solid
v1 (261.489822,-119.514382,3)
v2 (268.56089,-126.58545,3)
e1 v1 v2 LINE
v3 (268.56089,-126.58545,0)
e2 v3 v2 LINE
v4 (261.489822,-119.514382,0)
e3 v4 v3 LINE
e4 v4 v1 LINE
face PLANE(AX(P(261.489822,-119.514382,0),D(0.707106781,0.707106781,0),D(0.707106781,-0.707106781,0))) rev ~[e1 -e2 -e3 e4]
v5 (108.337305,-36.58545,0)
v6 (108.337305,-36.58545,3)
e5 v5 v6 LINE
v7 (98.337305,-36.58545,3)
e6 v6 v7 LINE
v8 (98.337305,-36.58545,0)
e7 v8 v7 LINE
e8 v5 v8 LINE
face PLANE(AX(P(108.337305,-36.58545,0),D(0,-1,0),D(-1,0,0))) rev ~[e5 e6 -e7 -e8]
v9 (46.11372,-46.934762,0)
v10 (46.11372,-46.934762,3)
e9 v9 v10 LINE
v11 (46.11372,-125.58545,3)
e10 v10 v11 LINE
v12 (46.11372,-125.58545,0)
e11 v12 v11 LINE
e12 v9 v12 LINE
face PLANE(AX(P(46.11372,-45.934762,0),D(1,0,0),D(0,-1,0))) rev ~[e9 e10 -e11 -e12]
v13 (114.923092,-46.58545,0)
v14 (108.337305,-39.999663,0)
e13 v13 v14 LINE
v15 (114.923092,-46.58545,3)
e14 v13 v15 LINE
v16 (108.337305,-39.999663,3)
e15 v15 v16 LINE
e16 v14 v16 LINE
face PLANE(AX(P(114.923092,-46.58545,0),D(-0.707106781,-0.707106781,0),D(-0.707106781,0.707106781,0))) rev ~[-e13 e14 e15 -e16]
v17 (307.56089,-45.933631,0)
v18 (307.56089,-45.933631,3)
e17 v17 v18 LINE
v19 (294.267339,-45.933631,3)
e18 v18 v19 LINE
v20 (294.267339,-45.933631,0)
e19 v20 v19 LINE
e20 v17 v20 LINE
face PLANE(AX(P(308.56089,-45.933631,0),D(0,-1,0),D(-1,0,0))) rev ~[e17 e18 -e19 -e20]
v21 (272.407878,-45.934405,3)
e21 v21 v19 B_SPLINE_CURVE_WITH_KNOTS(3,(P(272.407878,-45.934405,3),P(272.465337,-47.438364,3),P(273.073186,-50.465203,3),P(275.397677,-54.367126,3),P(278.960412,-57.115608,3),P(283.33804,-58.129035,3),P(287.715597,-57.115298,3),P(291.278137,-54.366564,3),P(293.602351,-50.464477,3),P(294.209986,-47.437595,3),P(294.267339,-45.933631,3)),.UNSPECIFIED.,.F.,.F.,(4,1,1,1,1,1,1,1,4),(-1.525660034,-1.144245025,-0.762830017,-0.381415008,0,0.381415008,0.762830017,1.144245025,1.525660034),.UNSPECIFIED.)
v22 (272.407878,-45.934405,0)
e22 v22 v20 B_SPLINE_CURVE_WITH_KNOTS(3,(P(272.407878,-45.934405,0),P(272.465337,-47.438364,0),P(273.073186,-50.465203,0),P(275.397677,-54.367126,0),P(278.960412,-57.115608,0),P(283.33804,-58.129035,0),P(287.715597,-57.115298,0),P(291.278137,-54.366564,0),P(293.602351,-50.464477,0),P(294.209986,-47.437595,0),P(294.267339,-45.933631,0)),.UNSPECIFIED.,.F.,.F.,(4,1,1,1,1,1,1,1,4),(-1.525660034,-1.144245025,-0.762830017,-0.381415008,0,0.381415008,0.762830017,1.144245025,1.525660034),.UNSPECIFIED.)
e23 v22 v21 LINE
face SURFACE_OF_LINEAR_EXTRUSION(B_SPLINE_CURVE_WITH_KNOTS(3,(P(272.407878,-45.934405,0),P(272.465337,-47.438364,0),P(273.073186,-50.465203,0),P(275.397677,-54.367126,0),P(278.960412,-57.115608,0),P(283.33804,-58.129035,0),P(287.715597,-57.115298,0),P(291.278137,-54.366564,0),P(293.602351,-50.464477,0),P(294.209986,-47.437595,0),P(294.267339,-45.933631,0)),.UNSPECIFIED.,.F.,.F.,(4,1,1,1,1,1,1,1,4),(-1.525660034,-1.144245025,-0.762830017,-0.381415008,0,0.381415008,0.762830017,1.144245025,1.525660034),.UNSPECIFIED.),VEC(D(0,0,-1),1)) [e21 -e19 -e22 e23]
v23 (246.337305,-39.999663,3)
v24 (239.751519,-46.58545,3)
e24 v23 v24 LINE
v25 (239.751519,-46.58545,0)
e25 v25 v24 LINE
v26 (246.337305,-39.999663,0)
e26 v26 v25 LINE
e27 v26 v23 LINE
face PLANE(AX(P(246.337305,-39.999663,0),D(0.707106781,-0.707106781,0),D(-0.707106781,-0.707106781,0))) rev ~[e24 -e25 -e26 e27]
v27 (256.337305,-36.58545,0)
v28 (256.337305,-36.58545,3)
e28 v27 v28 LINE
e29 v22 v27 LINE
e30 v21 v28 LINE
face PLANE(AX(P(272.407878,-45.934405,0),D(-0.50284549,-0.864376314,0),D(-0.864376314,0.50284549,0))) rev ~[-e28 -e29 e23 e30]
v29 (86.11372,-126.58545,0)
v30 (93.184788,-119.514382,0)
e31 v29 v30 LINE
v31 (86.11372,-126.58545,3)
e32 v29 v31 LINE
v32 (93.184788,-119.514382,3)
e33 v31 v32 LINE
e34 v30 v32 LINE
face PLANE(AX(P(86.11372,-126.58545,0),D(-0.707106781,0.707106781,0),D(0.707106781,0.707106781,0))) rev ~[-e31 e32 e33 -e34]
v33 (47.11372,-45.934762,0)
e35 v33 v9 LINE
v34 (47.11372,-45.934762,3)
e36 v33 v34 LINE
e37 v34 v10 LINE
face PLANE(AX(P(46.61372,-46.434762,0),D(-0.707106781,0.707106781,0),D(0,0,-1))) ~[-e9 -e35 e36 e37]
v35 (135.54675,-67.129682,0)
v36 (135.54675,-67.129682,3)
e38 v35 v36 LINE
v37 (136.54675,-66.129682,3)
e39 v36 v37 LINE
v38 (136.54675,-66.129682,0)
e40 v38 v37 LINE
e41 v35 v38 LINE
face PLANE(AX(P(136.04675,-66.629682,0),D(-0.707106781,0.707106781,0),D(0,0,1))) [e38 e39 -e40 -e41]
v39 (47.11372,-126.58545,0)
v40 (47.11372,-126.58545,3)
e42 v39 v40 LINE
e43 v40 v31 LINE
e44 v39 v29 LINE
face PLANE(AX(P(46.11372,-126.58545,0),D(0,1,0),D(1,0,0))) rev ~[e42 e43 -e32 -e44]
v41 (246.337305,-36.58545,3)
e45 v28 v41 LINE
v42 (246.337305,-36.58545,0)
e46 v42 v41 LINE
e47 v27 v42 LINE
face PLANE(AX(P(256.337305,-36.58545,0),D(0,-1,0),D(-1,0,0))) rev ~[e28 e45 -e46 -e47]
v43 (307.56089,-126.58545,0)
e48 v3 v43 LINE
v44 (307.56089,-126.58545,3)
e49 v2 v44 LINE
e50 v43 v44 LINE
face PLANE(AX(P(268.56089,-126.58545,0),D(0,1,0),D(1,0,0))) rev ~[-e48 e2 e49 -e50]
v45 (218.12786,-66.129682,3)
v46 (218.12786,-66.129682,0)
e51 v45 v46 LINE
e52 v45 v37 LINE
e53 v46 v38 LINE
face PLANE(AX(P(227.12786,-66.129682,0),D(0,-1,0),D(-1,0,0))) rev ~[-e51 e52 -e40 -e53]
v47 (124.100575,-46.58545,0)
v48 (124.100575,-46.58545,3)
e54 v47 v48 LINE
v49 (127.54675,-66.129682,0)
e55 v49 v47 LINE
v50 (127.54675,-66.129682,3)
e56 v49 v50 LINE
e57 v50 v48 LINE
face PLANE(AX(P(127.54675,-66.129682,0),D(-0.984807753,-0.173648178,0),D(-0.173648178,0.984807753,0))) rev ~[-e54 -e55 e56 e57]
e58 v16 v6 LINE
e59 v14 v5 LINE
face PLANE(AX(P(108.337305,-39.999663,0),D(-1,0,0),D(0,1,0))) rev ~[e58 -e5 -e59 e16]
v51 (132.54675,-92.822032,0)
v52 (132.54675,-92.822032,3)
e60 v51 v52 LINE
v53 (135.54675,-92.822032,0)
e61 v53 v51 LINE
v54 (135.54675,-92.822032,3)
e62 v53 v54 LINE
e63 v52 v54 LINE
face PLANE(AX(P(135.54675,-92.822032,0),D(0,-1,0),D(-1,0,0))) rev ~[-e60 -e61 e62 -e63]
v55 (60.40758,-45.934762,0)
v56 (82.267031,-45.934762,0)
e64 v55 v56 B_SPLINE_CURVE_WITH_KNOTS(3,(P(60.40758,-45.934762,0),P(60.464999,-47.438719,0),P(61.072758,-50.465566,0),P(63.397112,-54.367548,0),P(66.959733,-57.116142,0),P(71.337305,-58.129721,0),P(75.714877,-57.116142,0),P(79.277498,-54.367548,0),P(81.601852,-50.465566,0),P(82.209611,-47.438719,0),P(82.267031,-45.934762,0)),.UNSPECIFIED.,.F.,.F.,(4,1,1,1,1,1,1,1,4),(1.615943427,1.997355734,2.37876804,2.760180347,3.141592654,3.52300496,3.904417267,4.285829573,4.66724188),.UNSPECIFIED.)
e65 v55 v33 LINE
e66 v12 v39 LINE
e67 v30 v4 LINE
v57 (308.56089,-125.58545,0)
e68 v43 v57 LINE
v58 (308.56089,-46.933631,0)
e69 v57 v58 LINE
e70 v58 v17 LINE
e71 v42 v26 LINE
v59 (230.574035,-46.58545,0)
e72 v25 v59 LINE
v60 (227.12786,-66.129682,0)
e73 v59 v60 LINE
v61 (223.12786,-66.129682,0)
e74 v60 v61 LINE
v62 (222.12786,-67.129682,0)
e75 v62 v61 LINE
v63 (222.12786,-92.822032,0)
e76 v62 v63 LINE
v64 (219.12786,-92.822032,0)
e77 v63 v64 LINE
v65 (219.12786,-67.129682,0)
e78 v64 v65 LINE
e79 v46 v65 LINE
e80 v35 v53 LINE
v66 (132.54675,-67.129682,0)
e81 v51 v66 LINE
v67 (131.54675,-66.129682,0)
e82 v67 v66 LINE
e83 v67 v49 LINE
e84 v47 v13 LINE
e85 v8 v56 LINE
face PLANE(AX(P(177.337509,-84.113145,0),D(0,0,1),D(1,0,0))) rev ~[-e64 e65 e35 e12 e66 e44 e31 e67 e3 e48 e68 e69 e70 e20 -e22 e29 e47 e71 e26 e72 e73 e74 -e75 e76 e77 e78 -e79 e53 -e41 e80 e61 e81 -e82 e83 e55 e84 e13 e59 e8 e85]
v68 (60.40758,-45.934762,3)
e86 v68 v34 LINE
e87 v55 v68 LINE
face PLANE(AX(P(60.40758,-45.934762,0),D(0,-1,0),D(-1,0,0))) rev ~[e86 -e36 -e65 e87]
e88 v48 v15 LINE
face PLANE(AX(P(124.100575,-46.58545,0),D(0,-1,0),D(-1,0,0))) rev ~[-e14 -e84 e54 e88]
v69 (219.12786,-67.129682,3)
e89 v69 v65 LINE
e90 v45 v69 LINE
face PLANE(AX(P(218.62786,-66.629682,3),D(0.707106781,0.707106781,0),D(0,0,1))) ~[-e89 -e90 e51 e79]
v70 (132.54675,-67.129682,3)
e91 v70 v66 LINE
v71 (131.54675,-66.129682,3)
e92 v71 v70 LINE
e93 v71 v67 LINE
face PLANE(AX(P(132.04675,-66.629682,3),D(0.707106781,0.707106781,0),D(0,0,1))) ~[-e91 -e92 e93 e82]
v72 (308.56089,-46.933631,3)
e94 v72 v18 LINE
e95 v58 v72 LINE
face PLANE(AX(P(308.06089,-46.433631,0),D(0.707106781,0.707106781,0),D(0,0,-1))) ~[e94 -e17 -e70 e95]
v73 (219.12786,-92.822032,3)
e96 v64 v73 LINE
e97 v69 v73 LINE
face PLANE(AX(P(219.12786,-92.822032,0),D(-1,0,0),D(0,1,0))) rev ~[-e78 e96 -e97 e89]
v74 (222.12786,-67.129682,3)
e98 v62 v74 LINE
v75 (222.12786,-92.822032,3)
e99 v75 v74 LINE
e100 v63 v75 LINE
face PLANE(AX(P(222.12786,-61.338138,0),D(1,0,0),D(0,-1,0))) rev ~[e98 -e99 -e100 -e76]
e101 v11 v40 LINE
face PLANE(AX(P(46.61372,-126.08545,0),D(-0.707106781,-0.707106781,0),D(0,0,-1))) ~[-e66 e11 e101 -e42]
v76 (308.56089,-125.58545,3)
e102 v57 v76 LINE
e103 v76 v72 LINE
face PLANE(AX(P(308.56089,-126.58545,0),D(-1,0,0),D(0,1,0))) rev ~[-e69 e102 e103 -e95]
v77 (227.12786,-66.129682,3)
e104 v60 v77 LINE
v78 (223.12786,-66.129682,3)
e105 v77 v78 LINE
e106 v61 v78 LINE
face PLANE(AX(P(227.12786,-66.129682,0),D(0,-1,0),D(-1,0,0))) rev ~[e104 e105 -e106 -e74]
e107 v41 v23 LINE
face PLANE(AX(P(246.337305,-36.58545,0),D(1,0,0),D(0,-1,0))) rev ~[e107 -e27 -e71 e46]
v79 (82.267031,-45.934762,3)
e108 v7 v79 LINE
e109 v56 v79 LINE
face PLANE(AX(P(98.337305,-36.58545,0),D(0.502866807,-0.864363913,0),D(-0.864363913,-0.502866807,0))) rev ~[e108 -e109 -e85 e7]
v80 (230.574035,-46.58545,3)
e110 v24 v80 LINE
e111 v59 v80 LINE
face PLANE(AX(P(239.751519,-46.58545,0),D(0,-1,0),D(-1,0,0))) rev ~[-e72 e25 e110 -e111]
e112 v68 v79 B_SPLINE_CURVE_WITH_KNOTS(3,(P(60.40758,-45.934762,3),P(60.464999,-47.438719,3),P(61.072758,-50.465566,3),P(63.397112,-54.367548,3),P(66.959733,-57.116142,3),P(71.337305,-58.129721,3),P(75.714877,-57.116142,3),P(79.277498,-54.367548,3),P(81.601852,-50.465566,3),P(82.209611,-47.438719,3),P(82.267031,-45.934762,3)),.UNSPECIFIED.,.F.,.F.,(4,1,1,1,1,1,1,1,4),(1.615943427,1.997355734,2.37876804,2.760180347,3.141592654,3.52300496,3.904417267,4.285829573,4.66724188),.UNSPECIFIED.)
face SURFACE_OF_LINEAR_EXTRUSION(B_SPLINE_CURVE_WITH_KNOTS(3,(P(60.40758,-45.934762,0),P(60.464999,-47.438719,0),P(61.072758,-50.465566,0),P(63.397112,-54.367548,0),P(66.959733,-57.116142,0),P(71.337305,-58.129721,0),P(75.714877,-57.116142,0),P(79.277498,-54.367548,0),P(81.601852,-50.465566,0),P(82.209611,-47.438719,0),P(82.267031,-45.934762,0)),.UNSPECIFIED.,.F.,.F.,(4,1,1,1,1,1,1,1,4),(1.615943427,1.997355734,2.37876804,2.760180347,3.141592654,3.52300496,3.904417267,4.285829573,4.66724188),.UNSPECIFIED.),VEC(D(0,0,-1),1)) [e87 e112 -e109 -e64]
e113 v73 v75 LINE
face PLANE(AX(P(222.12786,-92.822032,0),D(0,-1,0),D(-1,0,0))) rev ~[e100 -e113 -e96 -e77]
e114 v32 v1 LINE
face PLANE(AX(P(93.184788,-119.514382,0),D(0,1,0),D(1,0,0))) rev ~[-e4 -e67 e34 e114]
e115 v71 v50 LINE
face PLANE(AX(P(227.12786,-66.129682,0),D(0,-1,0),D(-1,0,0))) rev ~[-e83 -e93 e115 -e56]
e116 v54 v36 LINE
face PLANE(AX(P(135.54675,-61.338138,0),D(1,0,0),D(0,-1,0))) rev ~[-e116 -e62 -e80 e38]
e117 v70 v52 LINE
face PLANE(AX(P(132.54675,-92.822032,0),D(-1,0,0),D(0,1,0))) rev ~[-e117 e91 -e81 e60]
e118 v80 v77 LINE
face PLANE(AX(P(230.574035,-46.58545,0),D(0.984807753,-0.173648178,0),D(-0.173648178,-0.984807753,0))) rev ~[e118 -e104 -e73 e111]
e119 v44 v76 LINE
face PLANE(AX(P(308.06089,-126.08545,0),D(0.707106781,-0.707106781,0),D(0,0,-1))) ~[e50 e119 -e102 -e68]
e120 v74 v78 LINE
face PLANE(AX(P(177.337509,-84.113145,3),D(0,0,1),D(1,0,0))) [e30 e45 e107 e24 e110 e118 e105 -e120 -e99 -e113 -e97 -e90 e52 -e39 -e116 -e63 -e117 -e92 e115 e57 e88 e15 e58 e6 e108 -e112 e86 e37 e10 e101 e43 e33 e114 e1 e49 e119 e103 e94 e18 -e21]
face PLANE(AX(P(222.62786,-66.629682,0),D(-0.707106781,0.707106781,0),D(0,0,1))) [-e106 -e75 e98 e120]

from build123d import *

# Parameters (mm, degrees)
BOSS_EXTRUDE1_DEPTH = 3
SKETCH2_W           = 3
SKETCH2_H           = 4.791544689
CUT_EXTRUDE1_DEPTH  = 15
CHAMFER1_SIZE       = 1
CHAMFER2_SIZE       = 1


with BuildPart() as part:
    # Sketch1 → Boss-Extrude1 (new body)
    with BuildSketch(Plane.XY):
        with BuildLine():
            Line((93.184787819, -119.514382091), (261.489822447, -119.514382091))
            Line((261.489822447, -119.514382091), (268.560890259, -126.585449903))
            Line((268.560890259, -126.585449903), (308.560890259, -126.585449903))
            Line((308.560890259, -126.585449903), (308.560890259, -45.93363109))
            Line((308.560890259, -45.93363109), (294.267338786, -45.93363109))
            add(Edge.make_bspline(
                [(272.407878144, -45.934404782), (272.465337406, -47.438364471), (273.073186229, -50.465203155), (275.397677042, -54.367125899), (278.960411882, -57.115608226), (283.338040094, -58.12903526), (287.715596557, -57.115298346), (291.278136829, -54.366563828), (293.602351427, -50.464476548), (294.209985986, -47.437594843), (294.267338786, -45.93363109)],
                knots=[-1.525660034, -1.525660034, -1.525660034, -1.525660034, -1.144245025, -0.762830017, -0.381415008, 0, 0.381415008, 0.762830017, 1.144245025, 1.525660034, 1.525660034, 1.525660034, 1.525660034], degree=3))
            Line((272.407878144, -45.934404782), (256.337305133, -36.585449903))
            Line((256.337305133, -36.585449903), (246.337305133, -36.585449903))
            Line((246.337305133, -36.585449903), (246.337305133, -39.999663466))
            Line((246.337305133, -39.999663466), (239.751518696, -46.585449903))
            Line((239.751518696, -46.585449903), (230.574035326, -46.585449903))
            Line((230.574035326, -46.585449903), (227.127859803, -66.129682494))
            Line((227.127859803, -66.129682494), (127.546750463, -66.129682494))
            Line((127.546750463, -66.129682494), (124.10057494, -46.585449903))
            Line((124.10057494, -46.585449903), (114.923091571, -46.585449903))
            Line((114.923091571, -46.585449903), (108.337305133, -39.999663466))
            Line((108.337305133, -39.999663466), (108.337305133, -36.585449903))
            Line((108.337305133, -36.585449903), (98.337305133, -36.585449903))
            Line((98.337305133, -36.585449903), (82.267030577, -45.934761617))
            add(Edge.make_bspline(
                [(60.407579689, -45.934761617), (60.464998848, -47.438718586), (61.072758356, -50.465565598), (63.397111959, -54.367547882), (66.959733327, -57.116142381), (71.337305133, -58.129720884), (75.714876939, -57.116142381), (79.277498308, -54.367547882), (81.60185191, -50.465565598), (82.209611419, -47.438718586), (82.267030577, -45.934761617)],
                knots=[1.615943427, 1.615943427, 1.615943427, 1.615943427, 1.997355734, 2.37876804, 2.760180347, 3.141592654, 3.52300496, 3.904417267, 4.285829573, 4.66724188, 4.66724188, 4.66724188, 4.66724188], degree=3))
            Line((60.407579689, -45.934761617), (46.113720007, -45.934761617))
            Line((46.113720007, -45.934761617), (46.113720007, -126.585449903))
            Line((46.113720007, -126.585449903), (86.113720007, -126.585449903))
            Line((86.113720007, -126.585449903), (93.184787819, -119.514382091))
        make_face()
    extrude(amount=BOSS_EXTRUDE1_DEPTH)

    # Sketch2 → Cut-Extrude1 (cut)
    with BuildSketch(Plane(origin=(0, 0, 0), x_dir=(-1, 0, 0), z_dir=(0, 0, -1))):
        Polygon((-222.127859803, -66.129682494), (-222.127859803, -71.338137805), (-222.127859803, -92.822032293), (-219.127859803, -92.822032293), (-219.127859803, -71.338137805), (-219.127859803, -66.129682494), align=None)
        with Locations((-220.627859803, -63.73391015)):
            Rectangle(SKETCH2_W, SKETCH2_H)
        with Locations((-134.046750463, -63.73391015)):
            Rectangle(SKETCH2_W, SKETCH2_H)
        Polygon((-132.546750463, -66.129682494), (-135.546750463, -66.129682494), (-135.546750463, -71.338137805), (-135.546750463, -92.822032293), (-132.546750463, -92.822032293), (-132.546750463, -71.338137805), align=None)
    extrude(amount=-CUT_EXTRUDE1_DEPTH, mode=Mode.SUBTRACT)

    # Chamfer1
    chamfer1_edges = [part.edges().sort_by_distance(p)[0] for p in [
        (222.127859803, -66.129682494, 1.5),
        (219.127859803, -66.129682494, 1.5),
        (132.546750463, -66.129682494, 1.5),
        (135.546750463, -66.129682494, 1.5),
    ]]
    chamfer(chamfer1_edges, length=CHAMFER1_SIZE)

    # Chamfer2
    chamfer2_edges = [part.edges().sort_by_distance(p)[0] for p in [
        (308.560890259, -45.93363109, 1.5),
        (308.560890259, -126.585449903, 1.5),
        (46.113720007, -126.585449903, 1.5),
        (46.113720007, -45.934761617, 1.5),
    ]]
    chamfer(chamfer2_edges, length=CHAMFER2_SIZE)


solid = part.part
